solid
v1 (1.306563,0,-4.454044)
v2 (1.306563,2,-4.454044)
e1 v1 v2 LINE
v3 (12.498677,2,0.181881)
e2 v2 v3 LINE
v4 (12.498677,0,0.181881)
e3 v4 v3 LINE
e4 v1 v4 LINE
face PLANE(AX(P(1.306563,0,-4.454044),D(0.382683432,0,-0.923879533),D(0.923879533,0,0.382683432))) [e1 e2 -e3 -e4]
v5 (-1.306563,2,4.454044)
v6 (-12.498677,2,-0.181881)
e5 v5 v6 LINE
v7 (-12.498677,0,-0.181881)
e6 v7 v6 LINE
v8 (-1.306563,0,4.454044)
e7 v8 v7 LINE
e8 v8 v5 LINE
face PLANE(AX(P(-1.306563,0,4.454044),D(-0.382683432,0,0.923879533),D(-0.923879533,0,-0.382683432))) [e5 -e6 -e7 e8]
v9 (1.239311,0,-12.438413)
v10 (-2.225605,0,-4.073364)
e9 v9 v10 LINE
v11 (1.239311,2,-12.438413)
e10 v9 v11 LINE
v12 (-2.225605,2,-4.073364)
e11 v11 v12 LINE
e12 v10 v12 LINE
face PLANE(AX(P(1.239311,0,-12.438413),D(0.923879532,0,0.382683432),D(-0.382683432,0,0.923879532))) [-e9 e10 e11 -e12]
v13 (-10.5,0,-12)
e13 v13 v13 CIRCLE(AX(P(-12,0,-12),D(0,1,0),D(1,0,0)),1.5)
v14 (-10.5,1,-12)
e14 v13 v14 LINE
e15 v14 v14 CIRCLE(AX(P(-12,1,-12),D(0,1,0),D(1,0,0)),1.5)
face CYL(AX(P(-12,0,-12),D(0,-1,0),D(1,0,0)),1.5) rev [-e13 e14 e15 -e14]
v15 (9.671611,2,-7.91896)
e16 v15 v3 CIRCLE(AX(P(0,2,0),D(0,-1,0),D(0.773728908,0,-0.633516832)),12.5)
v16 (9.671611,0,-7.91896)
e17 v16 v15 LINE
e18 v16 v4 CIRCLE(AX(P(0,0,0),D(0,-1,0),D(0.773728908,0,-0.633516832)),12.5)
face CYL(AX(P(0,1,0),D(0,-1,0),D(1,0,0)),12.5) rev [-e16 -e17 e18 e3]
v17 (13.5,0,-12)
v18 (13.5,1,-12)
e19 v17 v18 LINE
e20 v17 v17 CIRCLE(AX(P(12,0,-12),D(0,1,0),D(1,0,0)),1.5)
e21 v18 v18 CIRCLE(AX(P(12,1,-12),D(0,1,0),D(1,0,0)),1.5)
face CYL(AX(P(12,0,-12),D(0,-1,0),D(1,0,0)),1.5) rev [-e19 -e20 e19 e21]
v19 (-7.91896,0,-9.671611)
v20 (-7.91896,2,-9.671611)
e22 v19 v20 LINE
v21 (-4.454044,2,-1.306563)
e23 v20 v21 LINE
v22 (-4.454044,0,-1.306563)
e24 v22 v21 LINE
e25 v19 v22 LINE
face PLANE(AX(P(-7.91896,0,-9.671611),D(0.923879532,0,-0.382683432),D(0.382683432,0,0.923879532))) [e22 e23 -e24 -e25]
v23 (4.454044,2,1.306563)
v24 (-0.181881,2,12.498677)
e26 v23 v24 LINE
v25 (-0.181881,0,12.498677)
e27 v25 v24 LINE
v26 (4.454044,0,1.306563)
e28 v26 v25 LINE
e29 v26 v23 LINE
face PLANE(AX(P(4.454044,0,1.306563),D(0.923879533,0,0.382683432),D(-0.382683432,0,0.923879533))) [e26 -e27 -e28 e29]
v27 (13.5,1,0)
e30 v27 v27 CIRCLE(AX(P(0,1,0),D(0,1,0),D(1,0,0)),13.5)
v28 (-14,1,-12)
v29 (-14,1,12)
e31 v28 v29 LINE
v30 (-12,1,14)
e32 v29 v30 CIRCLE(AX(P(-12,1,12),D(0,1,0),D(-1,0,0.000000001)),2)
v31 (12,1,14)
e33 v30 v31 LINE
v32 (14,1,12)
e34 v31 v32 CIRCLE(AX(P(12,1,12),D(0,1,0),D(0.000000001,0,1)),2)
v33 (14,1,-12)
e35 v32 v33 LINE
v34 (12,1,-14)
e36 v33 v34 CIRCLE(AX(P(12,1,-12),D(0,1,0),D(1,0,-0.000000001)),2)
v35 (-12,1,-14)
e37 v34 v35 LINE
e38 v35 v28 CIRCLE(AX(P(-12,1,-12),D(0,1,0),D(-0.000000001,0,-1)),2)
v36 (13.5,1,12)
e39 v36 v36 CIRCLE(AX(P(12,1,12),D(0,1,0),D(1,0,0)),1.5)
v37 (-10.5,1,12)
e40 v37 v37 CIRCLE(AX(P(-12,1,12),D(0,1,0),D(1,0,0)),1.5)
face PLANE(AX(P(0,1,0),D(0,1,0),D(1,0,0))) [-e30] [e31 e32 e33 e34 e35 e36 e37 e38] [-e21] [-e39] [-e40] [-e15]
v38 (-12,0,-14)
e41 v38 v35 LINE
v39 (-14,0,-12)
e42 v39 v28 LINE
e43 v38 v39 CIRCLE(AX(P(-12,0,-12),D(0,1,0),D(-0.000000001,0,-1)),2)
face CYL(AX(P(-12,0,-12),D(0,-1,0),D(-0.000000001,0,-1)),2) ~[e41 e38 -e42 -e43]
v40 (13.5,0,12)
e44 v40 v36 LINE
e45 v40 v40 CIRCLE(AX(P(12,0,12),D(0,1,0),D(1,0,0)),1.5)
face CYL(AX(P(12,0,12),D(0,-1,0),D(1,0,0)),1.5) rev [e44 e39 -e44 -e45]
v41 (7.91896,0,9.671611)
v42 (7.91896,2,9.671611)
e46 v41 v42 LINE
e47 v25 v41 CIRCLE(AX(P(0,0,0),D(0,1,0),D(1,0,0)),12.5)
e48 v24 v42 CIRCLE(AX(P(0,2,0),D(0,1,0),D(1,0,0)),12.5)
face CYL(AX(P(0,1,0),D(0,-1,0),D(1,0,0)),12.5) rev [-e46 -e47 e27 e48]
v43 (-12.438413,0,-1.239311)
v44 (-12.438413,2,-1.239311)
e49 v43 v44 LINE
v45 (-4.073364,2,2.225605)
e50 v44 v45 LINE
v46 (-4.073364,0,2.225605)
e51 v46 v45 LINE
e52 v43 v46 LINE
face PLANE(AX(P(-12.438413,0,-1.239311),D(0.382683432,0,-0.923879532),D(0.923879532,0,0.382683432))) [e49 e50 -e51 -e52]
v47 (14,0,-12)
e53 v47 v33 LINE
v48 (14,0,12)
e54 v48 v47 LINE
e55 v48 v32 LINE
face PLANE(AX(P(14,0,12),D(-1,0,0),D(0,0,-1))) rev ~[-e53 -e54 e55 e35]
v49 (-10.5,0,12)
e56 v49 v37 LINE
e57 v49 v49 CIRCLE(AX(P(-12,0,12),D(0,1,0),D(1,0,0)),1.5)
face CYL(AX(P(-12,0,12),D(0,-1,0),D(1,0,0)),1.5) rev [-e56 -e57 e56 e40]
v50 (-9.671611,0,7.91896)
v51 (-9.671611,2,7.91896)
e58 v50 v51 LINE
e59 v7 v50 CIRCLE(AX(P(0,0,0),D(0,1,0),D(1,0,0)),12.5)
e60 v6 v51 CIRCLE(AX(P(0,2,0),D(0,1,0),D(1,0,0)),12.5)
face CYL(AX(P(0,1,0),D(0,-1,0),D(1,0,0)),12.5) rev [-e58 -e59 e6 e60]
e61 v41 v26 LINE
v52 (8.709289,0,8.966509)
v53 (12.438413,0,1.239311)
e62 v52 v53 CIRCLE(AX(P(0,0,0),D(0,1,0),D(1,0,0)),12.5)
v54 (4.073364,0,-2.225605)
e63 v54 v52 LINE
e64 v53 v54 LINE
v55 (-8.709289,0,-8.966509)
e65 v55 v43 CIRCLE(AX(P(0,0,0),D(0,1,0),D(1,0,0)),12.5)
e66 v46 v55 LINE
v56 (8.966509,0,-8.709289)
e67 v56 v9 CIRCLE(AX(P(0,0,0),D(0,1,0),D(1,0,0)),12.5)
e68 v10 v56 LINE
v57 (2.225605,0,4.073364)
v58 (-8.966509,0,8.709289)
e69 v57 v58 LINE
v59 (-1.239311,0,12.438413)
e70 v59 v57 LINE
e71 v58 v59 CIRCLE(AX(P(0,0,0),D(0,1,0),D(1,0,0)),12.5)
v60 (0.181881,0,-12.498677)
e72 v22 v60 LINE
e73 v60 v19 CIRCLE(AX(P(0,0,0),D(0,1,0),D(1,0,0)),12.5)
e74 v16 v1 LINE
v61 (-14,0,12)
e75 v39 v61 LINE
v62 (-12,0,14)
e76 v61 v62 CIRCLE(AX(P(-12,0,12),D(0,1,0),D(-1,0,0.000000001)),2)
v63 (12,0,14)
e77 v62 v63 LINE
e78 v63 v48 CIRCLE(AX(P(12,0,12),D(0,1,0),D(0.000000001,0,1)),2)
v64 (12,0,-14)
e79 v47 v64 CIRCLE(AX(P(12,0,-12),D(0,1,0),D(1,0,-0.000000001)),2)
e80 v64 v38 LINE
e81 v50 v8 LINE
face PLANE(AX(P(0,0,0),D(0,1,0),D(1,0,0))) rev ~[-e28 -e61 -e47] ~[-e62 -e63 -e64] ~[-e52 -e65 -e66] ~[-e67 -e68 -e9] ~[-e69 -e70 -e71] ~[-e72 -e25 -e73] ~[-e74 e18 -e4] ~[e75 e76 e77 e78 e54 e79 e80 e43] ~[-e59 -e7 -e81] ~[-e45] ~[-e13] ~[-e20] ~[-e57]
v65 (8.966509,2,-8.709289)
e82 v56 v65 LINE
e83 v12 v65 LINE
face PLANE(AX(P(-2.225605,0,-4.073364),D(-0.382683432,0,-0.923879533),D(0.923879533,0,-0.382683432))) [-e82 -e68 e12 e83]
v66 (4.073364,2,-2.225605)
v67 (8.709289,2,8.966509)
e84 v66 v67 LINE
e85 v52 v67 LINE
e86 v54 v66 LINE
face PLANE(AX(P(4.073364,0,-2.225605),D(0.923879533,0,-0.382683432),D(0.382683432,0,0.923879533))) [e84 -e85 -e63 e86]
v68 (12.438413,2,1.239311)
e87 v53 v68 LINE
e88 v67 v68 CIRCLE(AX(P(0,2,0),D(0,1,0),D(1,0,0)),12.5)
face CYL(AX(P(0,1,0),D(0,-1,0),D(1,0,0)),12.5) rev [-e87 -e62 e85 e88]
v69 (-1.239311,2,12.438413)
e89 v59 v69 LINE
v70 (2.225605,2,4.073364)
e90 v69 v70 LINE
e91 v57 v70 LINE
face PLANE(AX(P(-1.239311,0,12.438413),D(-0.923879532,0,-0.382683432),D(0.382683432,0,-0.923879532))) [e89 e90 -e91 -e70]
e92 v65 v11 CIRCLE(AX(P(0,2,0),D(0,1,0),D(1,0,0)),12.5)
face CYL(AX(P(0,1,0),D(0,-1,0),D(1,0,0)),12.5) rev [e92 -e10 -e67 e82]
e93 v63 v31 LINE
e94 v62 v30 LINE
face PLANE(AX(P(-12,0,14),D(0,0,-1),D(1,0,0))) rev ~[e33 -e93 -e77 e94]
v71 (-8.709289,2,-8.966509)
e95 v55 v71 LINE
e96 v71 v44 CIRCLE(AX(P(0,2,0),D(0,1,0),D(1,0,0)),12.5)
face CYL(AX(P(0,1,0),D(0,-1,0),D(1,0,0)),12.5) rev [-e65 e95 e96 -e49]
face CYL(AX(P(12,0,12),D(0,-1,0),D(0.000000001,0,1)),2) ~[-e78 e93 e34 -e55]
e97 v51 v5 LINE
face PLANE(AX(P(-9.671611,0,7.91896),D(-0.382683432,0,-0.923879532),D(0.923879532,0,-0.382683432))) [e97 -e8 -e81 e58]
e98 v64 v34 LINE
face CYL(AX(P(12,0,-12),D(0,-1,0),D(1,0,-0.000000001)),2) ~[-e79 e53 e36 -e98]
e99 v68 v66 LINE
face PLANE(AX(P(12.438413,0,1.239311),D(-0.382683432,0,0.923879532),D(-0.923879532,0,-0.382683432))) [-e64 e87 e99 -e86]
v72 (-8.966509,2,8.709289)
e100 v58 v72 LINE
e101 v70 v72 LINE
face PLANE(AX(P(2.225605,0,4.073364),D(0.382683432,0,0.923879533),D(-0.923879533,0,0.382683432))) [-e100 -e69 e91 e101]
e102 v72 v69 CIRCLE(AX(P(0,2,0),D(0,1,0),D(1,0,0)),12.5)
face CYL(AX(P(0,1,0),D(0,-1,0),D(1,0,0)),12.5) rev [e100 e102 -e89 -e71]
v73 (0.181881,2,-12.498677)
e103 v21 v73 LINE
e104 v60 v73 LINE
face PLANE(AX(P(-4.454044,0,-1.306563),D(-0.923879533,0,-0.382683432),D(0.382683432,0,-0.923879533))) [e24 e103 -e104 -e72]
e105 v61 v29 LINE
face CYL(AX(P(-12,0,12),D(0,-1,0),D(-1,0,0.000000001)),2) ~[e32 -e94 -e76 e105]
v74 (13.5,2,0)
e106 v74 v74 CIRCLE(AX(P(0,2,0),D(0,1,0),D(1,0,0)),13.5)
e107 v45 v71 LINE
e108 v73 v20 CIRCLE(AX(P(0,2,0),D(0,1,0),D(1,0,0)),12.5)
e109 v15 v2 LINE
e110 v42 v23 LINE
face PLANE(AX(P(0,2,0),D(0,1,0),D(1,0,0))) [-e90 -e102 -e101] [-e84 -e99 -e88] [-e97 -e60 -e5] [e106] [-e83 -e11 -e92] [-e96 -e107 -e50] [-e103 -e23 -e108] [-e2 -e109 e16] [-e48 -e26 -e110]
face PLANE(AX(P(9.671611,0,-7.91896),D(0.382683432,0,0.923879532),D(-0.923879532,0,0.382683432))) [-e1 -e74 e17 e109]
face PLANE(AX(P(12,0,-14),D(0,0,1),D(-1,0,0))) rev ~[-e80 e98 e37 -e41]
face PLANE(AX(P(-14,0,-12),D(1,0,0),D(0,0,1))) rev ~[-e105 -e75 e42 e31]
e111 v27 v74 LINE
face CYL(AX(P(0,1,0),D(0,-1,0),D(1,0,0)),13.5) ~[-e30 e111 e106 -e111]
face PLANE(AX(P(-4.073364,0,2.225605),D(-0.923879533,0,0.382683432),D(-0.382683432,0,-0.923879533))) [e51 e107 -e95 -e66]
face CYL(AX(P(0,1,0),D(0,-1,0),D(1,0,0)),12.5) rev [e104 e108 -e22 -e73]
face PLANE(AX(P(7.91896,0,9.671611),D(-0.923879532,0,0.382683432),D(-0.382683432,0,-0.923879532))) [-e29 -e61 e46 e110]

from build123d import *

# Parameters (mm, degrees)
SKETCH1_R           = 12.5
SKETCH1_R_2         = 1.5
BOSS_EXTRUDE1_DEPTH = 1
SKETCH3_R           = 13.5
SKETCH3_R_2         = 12.5
BOSS_EXTRUDE2_DEPTH = 1
BOSS_EXTRUDE3_DEPTH = 2


with BuildPart() as part:
    # Sketch1 → Boss-Extrude1 (new body)
    with BuildSketch(Plane(origin=(0, 0, 0), x_dir=(1, 0, 0), z_dir=(0, 1, 0))):
        with BuildLine():
            Line((-12, -14), (12, -14))
            ThreePointArc((12, -14), (13.414213562, -13.414213562), (14, -12))
            Line((14, -12), (14, 12))
            ThreePointArc((14, 12), (13.414213562, 13.414213562), (12, 14))
            Line((12, 14), (-12, 14))
            ThreePointArc((-12, 14), (-13.414213562, 13.414213562), (-14, 12))
            Line((-14, 12), (-14, -12))
            ThreePointArc((-14, -12), (-13.414213562, -13.414213562), (-12, -14))
        make_face()
        Circle(SKETCH1_R, mode=Mode.SUBTRACT)
        with Locations((-12, 12)):
            Circle(SKETCH1_R_2, mode=Mode.SUBTRACT)
        with Locations((12, 12)):
            Circle(SKETCH1_R_2, mode=Mode.SUBTRACT)
        with Locations((12, -12)):
            Circle(SKETCH1_R_2, mode=Mode.SUBTRACT)
        with Locations((-12, -12)):
            Circle(SKETCH1_R_2, mode=Mode.SUBTRACT)
    extrude(amount=BOSS_EXTRUDE1_DEPTH)

    # Sketch3 → Boss-Extrude2 (add)
    with BuildSketch(Plane(origin=(0, 1, 0), x_dir=(1, 0, 0), z_dir=(0, 1, 0))):
        Circle(SKETCH3_R)
        Circle(SKETCH3_R_2, mode=Mode.SUBTRACT)
    extrude(amount=BOSS_EXTRUDE2_DEPTH)

    # Sketch4 → Boss-Extrude3 (add)
    with BuildSketch(Plane(origin=(0, 0, 0), x_dir=(1, 0, 0), z_dir=(0, 1, 0))):
        with BuildLine():
            Line((-4.454043904, 1.306562965), (0.181881395, 12.498676696))
            ThreePointArc((0.181881395, 12.498676696), (0.711234958, 12.47974939), (1.239311378, 12.438412572))
            Line((1.239311378, 12.438412572), (-2.225605116, 4.073364181))
            Line((-2.225605116, 4.073364181), (8.966508616, 8.70928948))
            ThreePointArc((8.966508616, 8.70928948), (9.327434483, 8.321596359), (9.671611356, 7.918960398))
            Line((9.671611356, 7.918960398), (1.306562965, 4.454043904))
            Line((1.306562965, 4.454043904), (12.498676696, -0.181881395))
            ThreePointArc((12.498676696, -0.181881395), (12.47974939, -0.711234958), (12.438412572, -1.239311378))
            Line((12.438412572, -1.239311378), (4.073364181, 2.225605116))
            Line((4.073364181, 2.225605116), (8.70928948, -8.966508616))
            ThreePointArc((8.70928948, -8.966508616), (8.321596359, -9.327434483), (7.918960398, -9.671611356))
            Line((7.918960398, -9.671611356), (4.454043904, -1.306562965))
            Line((4.454043904, -1.306562965), (-0.181881395, -12.498676696))
            ThreePointArc((-0.181881395, -12.498676696), (-0.711234958, -12.47974939), (-1.239311378, -12.438412572))
            Line((-1.239311378, -12.438412572), (2.225605116, -4.073364181))
            Line((2.225605116, -4.073364181), (-8.966508616, -8.70928948))
            ThreePointArc((-8.966508616, -8.70928948), (-9.327434483, -8.321596359), (-9.671611356, -7.918960398))
            Line((-9.671611356, -7.918960398), (-1.306562965, -4.454043904))
            Line((-1.306562965, -4.454043904), (-12.498676696, 0.181881395))
            ThreePointArc((-12.498676696, 0.181881395), (-12.47974939, 0.711234958), (-12.438412572, 1.239311378))
            Line((-12.438412572, 1.239311378), (-4.073364181, -2.225605116))
            Line((-4.073364181, -2.225605116), (-8.70928948, 8.966508616))
            ThreePointArc((-8.70928948, 8.966508616), (-8.321596359, 9.327434483), (-7.918960398, 9.671611356))
            Line((-7.918960398, 9.671611356), (-4.454043904, 1.306562965))
        make_face()
    extrude(amount=BOSS_EXTRUDE3_DEPTH)


solid = part.part
